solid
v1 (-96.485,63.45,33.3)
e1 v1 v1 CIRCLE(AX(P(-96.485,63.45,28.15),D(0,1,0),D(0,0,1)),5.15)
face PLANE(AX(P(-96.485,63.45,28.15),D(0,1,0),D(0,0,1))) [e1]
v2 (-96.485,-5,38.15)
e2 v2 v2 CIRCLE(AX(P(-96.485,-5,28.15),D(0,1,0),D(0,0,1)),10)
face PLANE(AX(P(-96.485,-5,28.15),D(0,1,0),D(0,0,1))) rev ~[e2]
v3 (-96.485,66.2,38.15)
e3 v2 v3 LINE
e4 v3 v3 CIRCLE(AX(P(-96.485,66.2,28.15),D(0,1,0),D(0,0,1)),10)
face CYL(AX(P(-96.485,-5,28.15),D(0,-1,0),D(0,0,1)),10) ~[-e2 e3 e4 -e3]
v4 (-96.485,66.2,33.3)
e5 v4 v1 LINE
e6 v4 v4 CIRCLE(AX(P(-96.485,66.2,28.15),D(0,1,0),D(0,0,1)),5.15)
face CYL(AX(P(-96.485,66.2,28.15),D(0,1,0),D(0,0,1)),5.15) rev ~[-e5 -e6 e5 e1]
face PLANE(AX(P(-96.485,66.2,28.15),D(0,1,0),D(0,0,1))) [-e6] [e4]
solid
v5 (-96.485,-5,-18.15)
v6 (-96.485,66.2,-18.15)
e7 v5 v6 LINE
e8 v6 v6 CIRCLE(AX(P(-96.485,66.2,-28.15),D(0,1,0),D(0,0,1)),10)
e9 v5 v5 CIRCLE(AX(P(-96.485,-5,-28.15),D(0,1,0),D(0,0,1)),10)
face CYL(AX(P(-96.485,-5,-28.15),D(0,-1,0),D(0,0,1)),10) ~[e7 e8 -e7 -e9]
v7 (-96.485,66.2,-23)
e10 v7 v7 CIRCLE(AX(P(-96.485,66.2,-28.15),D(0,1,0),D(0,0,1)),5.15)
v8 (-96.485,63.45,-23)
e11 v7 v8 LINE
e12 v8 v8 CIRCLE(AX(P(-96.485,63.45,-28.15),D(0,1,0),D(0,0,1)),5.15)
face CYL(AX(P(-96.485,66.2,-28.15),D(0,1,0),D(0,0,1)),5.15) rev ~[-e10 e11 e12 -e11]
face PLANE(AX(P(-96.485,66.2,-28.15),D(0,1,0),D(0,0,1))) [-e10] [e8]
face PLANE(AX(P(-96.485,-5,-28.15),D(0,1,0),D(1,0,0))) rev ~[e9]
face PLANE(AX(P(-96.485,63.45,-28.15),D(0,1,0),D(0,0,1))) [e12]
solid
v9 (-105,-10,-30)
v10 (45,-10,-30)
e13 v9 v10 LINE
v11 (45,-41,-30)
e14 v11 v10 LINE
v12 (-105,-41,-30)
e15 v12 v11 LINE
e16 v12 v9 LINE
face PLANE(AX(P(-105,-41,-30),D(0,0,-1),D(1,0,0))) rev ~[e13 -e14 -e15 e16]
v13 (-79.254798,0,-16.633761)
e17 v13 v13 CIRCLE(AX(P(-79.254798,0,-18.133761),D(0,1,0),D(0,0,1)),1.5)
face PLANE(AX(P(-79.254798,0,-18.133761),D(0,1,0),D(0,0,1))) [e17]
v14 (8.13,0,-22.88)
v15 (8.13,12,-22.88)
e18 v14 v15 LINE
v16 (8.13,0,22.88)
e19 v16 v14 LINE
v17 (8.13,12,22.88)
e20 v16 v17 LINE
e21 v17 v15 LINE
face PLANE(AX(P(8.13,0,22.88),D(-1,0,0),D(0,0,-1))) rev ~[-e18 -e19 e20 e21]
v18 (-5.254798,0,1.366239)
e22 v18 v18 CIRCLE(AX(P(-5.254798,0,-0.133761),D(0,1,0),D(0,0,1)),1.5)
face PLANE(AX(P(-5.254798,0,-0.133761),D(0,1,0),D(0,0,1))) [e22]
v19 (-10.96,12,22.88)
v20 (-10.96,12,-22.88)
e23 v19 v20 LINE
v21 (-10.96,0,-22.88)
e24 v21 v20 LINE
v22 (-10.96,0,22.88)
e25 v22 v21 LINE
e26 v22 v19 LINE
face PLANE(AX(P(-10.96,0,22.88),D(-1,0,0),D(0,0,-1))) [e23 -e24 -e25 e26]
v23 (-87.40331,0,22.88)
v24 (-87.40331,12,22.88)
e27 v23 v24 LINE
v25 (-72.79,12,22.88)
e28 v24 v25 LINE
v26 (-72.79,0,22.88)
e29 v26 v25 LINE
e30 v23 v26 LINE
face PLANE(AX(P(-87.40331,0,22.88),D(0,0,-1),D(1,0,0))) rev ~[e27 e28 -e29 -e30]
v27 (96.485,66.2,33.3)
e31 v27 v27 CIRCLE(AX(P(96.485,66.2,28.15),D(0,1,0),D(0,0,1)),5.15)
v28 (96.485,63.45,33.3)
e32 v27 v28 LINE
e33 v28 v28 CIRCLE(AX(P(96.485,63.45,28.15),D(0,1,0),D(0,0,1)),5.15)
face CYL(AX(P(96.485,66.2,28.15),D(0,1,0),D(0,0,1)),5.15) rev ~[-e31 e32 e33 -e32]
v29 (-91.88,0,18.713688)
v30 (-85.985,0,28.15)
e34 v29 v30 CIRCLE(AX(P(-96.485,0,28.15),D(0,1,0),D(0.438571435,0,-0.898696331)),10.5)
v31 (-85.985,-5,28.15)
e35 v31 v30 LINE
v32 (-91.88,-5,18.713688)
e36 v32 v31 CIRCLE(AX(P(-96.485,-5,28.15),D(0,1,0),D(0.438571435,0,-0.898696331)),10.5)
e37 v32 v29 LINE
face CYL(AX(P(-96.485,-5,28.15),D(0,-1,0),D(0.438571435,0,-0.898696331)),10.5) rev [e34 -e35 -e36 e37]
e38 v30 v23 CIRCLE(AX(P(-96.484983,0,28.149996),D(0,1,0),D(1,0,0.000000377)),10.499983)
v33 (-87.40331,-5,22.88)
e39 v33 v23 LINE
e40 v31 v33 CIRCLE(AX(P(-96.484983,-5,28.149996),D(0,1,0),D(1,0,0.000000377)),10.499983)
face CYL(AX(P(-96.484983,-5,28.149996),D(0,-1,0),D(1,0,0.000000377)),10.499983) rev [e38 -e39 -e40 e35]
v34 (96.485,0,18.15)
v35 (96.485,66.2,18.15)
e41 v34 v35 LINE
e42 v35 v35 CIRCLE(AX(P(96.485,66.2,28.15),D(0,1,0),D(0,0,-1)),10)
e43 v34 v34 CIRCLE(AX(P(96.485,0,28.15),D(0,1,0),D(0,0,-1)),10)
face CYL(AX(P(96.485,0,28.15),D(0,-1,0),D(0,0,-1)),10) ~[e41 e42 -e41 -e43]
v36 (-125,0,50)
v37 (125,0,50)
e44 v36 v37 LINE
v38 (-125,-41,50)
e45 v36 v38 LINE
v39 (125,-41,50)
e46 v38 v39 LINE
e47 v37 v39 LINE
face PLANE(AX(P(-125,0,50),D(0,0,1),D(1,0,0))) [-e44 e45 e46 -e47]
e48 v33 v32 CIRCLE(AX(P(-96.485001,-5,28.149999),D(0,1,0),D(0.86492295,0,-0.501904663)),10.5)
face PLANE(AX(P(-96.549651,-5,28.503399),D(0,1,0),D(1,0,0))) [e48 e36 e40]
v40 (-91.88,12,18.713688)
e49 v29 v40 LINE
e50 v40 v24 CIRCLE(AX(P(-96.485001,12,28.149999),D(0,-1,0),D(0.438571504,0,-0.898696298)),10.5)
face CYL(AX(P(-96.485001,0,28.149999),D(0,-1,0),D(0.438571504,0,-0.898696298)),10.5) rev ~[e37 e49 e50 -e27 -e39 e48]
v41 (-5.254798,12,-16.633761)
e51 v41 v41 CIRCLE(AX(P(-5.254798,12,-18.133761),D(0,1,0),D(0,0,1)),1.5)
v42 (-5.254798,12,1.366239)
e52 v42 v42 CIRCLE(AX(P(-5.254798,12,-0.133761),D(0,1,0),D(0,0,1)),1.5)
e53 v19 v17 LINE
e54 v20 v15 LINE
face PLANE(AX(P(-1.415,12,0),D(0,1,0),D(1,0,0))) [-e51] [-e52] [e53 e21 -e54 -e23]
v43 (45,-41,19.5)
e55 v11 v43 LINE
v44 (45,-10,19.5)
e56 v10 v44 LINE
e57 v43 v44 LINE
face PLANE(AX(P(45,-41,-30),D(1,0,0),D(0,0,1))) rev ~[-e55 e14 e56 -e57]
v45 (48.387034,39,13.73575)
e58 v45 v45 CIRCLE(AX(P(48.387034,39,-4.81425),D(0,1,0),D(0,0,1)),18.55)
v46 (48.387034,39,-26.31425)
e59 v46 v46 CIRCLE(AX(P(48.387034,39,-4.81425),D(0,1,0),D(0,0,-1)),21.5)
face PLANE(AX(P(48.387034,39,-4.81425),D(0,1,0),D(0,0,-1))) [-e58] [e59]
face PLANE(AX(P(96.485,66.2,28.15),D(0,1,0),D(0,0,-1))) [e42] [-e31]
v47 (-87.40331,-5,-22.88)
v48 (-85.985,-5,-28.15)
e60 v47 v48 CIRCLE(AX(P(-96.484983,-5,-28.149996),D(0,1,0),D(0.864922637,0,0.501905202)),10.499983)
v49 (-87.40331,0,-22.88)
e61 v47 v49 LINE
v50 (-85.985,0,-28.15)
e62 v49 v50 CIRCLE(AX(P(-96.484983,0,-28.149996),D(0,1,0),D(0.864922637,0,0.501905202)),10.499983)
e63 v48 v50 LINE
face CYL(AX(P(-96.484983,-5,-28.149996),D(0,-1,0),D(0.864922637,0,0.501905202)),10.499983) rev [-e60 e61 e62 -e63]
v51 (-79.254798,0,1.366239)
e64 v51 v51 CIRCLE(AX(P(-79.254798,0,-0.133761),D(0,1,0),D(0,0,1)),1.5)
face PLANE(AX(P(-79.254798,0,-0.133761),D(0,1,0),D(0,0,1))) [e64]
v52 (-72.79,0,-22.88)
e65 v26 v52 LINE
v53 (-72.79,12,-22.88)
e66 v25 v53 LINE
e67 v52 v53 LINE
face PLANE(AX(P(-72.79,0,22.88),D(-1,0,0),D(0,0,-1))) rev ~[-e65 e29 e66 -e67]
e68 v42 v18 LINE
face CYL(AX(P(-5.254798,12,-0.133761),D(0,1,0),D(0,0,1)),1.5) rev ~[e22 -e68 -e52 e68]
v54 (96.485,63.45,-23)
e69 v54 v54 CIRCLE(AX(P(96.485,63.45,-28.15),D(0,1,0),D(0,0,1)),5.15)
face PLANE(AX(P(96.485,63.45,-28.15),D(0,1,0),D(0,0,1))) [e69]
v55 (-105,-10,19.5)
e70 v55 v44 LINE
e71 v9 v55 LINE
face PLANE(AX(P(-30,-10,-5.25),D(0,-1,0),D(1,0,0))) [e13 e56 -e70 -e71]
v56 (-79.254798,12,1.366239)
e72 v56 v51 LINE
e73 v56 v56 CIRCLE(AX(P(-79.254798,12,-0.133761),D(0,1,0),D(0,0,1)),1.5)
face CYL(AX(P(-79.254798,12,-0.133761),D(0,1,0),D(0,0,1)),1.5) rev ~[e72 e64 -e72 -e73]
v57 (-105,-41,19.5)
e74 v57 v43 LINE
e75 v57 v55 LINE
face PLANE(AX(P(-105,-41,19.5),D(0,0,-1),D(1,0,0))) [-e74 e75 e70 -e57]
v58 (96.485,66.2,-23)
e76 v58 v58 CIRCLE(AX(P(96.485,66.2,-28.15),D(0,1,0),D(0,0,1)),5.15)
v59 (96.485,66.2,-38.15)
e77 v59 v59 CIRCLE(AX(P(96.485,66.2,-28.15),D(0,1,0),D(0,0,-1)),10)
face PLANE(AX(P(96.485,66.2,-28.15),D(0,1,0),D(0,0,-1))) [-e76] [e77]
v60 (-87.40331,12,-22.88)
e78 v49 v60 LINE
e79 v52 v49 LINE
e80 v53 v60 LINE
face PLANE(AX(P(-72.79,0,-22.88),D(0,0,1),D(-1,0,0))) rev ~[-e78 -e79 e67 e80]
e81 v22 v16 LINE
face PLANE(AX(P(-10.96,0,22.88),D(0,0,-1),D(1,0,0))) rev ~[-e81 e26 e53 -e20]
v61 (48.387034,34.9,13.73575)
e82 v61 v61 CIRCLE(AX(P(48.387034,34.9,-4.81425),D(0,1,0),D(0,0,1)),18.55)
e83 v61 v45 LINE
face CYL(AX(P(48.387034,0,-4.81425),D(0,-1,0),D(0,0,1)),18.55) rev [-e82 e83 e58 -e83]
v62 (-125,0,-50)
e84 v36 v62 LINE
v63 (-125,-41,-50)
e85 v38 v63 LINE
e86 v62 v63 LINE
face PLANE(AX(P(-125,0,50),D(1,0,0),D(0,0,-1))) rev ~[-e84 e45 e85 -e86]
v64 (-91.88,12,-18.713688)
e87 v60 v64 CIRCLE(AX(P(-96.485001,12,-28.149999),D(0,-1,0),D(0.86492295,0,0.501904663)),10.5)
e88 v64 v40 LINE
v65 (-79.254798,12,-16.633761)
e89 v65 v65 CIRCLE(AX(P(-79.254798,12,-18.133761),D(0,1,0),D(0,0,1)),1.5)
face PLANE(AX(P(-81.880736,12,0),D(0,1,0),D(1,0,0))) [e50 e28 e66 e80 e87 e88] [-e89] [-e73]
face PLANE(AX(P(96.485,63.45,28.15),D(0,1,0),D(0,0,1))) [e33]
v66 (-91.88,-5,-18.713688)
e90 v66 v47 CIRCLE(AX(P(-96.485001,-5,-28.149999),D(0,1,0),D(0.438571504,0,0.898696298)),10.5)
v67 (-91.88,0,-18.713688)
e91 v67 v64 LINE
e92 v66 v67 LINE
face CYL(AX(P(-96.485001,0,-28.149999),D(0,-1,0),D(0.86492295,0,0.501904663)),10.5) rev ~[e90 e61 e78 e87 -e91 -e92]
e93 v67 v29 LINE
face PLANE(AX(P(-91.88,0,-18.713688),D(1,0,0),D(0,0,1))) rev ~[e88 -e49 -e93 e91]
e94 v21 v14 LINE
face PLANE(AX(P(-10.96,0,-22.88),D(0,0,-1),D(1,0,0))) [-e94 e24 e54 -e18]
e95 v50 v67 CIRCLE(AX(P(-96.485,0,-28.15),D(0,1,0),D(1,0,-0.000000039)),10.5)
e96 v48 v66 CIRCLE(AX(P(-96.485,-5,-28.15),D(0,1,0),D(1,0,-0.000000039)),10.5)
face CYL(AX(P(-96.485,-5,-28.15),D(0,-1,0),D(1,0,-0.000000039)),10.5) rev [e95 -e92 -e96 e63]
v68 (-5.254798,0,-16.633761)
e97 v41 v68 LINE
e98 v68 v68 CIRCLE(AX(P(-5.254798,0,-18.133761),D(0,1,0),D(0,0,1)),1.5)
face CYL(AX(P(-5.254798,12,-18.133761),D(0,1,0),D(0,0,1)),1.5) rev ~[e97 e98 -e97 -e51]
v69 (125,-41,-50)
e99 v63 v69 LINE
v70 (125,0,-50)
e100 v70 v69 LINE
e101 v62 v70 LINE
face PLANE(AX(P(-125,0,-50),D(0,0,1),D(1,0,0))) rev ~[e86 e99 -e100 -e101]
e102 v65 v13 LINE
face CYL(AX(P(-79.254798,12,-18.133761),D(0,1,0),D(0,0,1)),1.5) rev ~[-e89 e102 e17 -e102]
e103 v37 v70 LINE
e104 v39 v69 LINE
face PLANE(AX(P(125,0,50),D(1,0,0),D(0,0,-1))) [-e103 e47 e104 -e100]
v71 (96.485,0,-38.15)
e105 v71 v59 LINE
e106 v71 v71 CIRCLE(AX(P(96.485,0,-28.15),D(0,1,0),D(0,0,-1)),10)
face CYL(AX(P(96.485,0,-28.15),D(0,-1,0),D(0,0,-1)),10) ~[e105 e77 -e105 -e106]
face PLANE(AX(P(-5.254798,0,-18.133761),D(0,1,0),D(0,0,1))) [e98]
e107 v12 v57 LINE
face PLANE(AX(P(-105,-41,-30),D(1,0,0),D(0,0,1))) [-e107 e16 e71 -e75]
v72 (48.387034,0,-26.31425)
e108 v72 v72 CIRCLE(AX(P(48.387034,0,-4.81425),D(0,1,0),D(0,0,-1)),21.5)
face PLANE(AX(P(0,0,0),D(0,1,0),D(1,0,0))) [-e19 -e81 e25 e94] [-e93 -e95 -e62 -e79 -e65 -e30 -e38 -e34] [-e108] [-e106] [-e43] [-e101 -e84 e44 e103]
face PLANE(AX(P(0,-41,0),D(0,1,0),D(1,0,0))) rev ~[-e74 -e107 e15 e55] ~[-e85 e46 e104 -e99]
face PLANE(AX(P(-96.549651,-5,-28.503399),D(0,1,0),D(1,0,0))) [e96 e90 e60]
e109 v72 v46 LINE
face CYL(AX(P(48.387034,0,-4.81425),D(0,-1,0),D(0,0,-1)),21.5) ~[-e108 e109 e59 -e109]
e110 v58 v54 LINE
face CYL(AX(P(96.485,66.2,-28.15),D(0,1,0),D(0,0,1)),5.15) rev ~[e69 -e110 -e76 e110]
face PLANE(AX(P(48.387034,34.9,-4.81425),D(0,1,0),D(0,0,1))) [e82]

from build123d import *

# Parameters (mm, degrees)
SKETCH1_W                = 250
SKETCH1_H                = 100
BOSS_EXTRUDE1_DEPTH      = 41
SKETCH1_4_W              = 19.09
SKETCH1_4_H              = 45.76
BOSS_EXTRUDE2_DEPTH      = 12
SKETCH1_5_R              = 21.5
SKETCH1_5_R_2            = 18.55
BOSS_EXTRUDE3_DEPTH      = 39
SKETCH1_6_R              = 18.55
BOSS_EXTRUDE4_DEPTH      = 34.9
CUT_EXTRUDE1_START       = -5
SKETCH1_9_R              = 10
SKETCH1_9_R_2            = 5.15
CUT_EXTRUDE1_DEPTH       = 5
SKETCH1_10_R             = 10
SKETCH1_10_R_2           = 5.15
BOSS_EXTRUDE7_DEPTH      = 66.2
BOSS_EXTRUDE8_DEPTH      = 66.2
BOSS_EXTRUDE8_DEPTH_BACK = 5
SKETCH1_11_R             = 10
SKETCH1_11_R_2           = 5.15
CUT_EXTRUDE2_START       = 66.2
SKETCH1_12_R             = 5.15
CUT_EXTRUDE2_DEPTH       = 2.75
SKETCH3_R                = 1.5
CUT_EXTRUDE3_DEPTH       = 12
SKETCH4_W                = 150
SKETCH4_H                = 49.5
CUT_EXTRUDE4_DEPTH       = 31


with BuildPart() as part:
    # Sketch1 → Boss-Extrude1 (new body)
    with BuildSketch(Plane(origin=(0, 0, 0), x_dir=(1, 0, 0), z_dir=(0, 1, 0))):
        Rectangle(SKETCH1_W, SKETCH1_H)
    extrude(amount=-BOSS_EXTRUDE1_DEPTH)

    # Sketch1<4> → Boss-Extrude2 (add)
    with BuildSketch(Plane(origin=(0, 0, 0), x_dir=(1, 0, 0), z_dir=(0, 1, 0))):
        with BuildLine():
            Line((-72.79, 22.88), (-87.40331, 22.88))
            ThreePointArc((-87.40331, 22.88), (-89.331615, 20.463708), (-91.88, 18.713688))
            Line((-91.88, 18.713688), (-91.88, -18.713688))
            ThreePointArc((-91.88, -18.713688), (-89.331615, -20.463708), (-87.40331, -22.88))
            Line((-87.40331, -22.88), (-72.79, -22.88))
            Line((-72.79, -22.88), (-72.79, 22.88))
        make_face()
        with Locations((-1.415, 0)):
            Rectangle(SKETCH1_4_W, SKETCH1_4_H)
    extrude(amount=BOSS_EXTRUDE2_DEPTH)

    # Sketch1<5> → Boss-Extrude3 (add)
    with BuildSketch(Plane(origin=(0, 0, 0), x_dir=(1, 0, 0), z_dir=(0, 1, 0))):
        with Locations(Location((48.387034, 4.81425, 0), (0, 0, 90))):
            Circle(SKETCH1_5_R)
        with Locations(Location((48.387034, 4.81425, 0), (0, 0, 270))):
            Circle(SKETCH1_5_R_2, mode=Mode.SUBTRACT)
    extrude(amount=BOSS_EXTRUDE3_DEPTH)

    # Sketch1<6> → Boss-Extrude4 (add)
    with BuildSketch(Plane(origin=(0, 0, 0), x_dir=(1, 0, 0), z_dir=(0, 1, 0))):
        with Locations(Location((48.387034, 4.81425, 0), (0, 0, 270))):
            Circle(SKETCH1_6_R)
    extrude(amount=BOSS_EXTRUDE4_DEPTH)

    # Sketch1<9> → Cut-Extrude1 (cut)
    # profile 1 of 12: a face of its own
    with BuildSketch(Plane(origin=(0, 0, 0), x_dir=(1, 0, 0), z_dir=(0, 1, 0)).offset(CUT_EXTRUDE1_START)):
        with BuildLine():
            ThreePointArc((-87.40331, -22.88), (-89.331615, -20.463708), (-91.88, -18.713688))
            Line((-91.88, -18.713688), (-91.88, -19.273403))
            ThreePointArc((-91.88, -19.273403), (-89.689537, -20.813674), (-87.986347, -22.88))
            Line((-87.986347, -22.88), (-87.40331, -22.88))
        make_face()
    # profile 2 of 12: a face of its own
    with BuildSketch(Plane(origin=(0, 0, 0), x_dir=(1, 0, 0), z_dir=(0, 1, 0)).offset(CUT_EXTRUDE1_START)):
        with BuildLine():
            Line((-91.88, -19.273403), (-91.88, -18.713688))
            ThreePointArc((-91.88, -18.713688), (-105.390125, -33.71316), (-85.985, -28.15))
            ThreePointArc((-85.985, -28.15), (-86.345775, -25.421241), (-87.40331, -22.88))
            Line((-87.40331, -22.88), (-87.986347, -22.88))
            ThreePointArc((-87.986347, -22.88), (-86.867658, -25.410158), (-86.485, -28.15))
            ThreePointArc((-86.485, -28.15), (-105.030467, -33.343746), (-91.88, -19.273403))
        make_face()
    # profile 3 of 12: a face of its own
    with BuildSketch(Plane(origin=(0, 0, 0), x_dir=(1, 0, 0), z_dir=(0, 1, 0)).offset(CUT_EXTRUDE1_START)):
        with Locations((-96.485, -28.15)):
            Circle(SKETCH1_9_R)
        with Locations((-96.485, -28.15)):
            Circle(SKETCH1_9_R_2, mode=Mode.SUBTRACT)
    # profile 4 of 12: a face of its own
    with BuildSketch(Plane(origin=(0, 0, 0), x_dir=(1, 0, 0), z_dir=(0, 1, 0)).offset(CUT_EXTRUDE1_START)):
        with Locations((-96.485, -28.15)):
            Circle(SKETCH1_9_R_2)
    # profile 5 of 12: a face of its own
    with BuildSketch(Plane(origin=(0, 0, 0), x_dir=(1, 0, 0), z_dir=(0, 1, 0)).offset(CUT_EXTRUDE1_START)):
        with BuildLine():
            ThreePointArc((-86.485, 28.15), (-86.867658, 25.410158), (-87.986347, 22.88))
            Line((-87.986347, 22.88), (-87.40331, 22.88))
            ThreePointArc((-87.40331, 22.88), (-86.345775, 25.421241), (-85.985, 28.15))
            ThreePointArc((-85.985, 28.15), (-105.390125, 33.71316), (-91.88, 18.713688))
            Line((-91.88, 18.713688), (-91.88, 19.273403))
            ThreePointArc((-91.88, 19.273403), (-105.030467, 33.343746), (-86.485, 28.15))
        make_face()
    # profile 6 of 12: a face of its own
    with BuildSketch(Plane(origin=(0, 0, 0), x_dir=(1, 0, 0), z_dir=(0, 1, 0)).offset(CUT_EXTRUDE1_START)):
        with BuildLine():
            Line((-87.40331, 22.88), (-87.986347, 22.88))
            ThreePointArc((-87.986347, 22.88), (-89.689537, 20.813674), (-91.88, 19.273403))
            Line((-91.88, 19.273403), (-91.88, 18.713688))
            ThreePointArc((-91.88, 18.713688), (-89.331615, 20.463708), (-87.40331, 22.88))
        make_face()
    # profile 7 of 12: a face of its own
    with BuildSketch(Plane(origin=(0, 0, 0), x_dir=(1, 0, 0), z_dir=(0, 1, 0)).offset(CUT_EXTRUDE1_START)):
        with Locations((-96.485, 28.15)):
            Circle(SKETCH1_9_R)
        with Locations((-96.485, 28.15)):
            Circle(SKETCH1_9_R_2, mode=Mode.SUBTRACT)
    # profile 8 of 12: a face of its own
    with BuildSketch(Plane(origin=(0, 0, 0), x_dir=(1, 0, 0), z_dir=(0, 1, 0)).offset(CUT_EXTRUDE1_START)):
        with Locations((-96.485, 28.15)):
            Circle(SKETCH1_9_R_2)
    # profile 9 of 12: a face of its own
    with BuildSketch(Plane(origin=(0, 0, 0), x_dir=(1, 0, 0), z_dir=(0, 1, 0)).offset(CUT_EXTRUDE1_START)):
        with BuildLine():
            ThreePointArc((-87.40331, -22.88), (-89.331615, -20.463708), (-91.88, -18.713688))
            Line((-91.88, -18.713688), (-91.88, -19.273403))
            ThreePointArc((-91.88, -19.273403), (-89.689537, -20.813674), (-87.986347, -22.88))
            Line((-87.986347, -22.88), (-87.40331, -22.88))
        make_face()
    # profile 10 of 12: a face of its own
    with BuildSketch(Plane(origin=(0, 0, 0), x_dir=(1, 0, 0), z_dir=(0, 1, 0)).offset(CUT_EXTRUDE1_START)):
        with BuildLine():
            Line((-91.88, -19.273403), (-91.88, -18.713688))
            ThreePointArc((-91.88, -18.713688), (-105.390125, -33.71316), (-85.985, -28.15))
            ThreePointArc((-85.985, -28.15), (-86.345775, -25.421241), (-87.40331, -22.88))
            Line((-87.40331, -22.88), (-87.986347, -22.88))
            ThreePointArc((-87.986347, -22.88), (-86.867658, -25.410158), (-86.485, -28.15))
            ThreePointArc((-86.485, -28.15), (-105.030467, -33.343746), (-91.88, -19.273403))
        make_face()
    # profile 11 of 12: a face of its own
    with BuildSketch(Plane(origin=(0, 0, 0), x_dir=(1, 0, 0), z_dir=(0, 1, 0)).offset(CUT_EXTRUDE1_START)):
        with BuildLine():
            ThreePointArc((-86.485, 28.15), (-86.867658, 25.410158), (-87.986347, 22.88))
            Line((-87.986347, 22.88), (-87.40331, 22.88))
            ThreePointArc((-87.40331, 22.88), (-86.345775, 25.421241), (-85.985, 28.15))
            ThreePointArc((-85.985, 28.15), (-105.390125, 33.71316), (-91.88, 18.713688))
            Line((-91.88, 18.713688), (-91.88, 19.273403))
            ThreePointArc((-91.88, 19.273403), (-105.030467, 33.343746), (-86.485, 28.15))
        make_face()
    # profile 12 of 12: a face of its own
    with BuildSketch(Plane(origin=(0, 0, 0), x_dir=(1, 0, 0), z_dir=(0, 1, 0)).offset(CUT_EXTRUDE1_START)):
        with BuildLine():
            Line((-87.40331, 22.88), (-87.986347, 22.88))
            ThreePointArc((-87.986347, 22.88), (-89.689537, 20.813674), (-91.88, 19.273403))
            Line((-91.88, 19.273403), (-91.88, 18.713688))
            ThreePointArc((-91.88, 18.713688), (-89.331615, 20.463708), (-87.40331, 22.88))
        make_face()
    extrude(amount=CUT_EXTRUDE1_DEPTH, mode=Mode.SUBTRACT)

    # Sketch1<10> → Boss-Extrude7 (add)
    # profile 1 of 4: a face of its own
    with BuildSketch(Plane(origin=(0, 0, 0), x_dir=(1, 0, 0), z_dir=(0, 1, 0))):
        with Locations(Location((96.485, -28.15, 0), (0, 0, 90))):
            Circle(SKETCH1_10_R)
        with Locations((96.485, -28.15)):
            Circle(SKETCH1_10_R_2, mode=Mode.SUBTRACT)
    # profile 2 of 4: a face of its own
    with BuildSketch(Plane(origin=(0, 0, 0), x_dir=(1, 0, 0), z_dir=(0, 1, 0))):
        with Locations((96.485, -28.15)):
            Circle(SKETCH1_10_R_2)
    # profile 3 of 4: a face of its own
    with BuildSketch(Plane(origin=(0, 0, 0), x_dir=(1, 0, 0), z_dir=(0, 1, 0))):
        with Locations(Location((96.485, 28.15, 0), (0, 0, 90))):
            Circle(SKETCH1_10_R)
        with Locations((96.485, 28.15)):
            Circle(SKETCH1_10_R_2, mode=Mode.SUBTRACT)
    # profile 4 of 4: a face of its own
    with BuildSketch(Plane(origin=(0, 0, 0), x_dir=(1, 0, 0), z_dir=(0, 1, 0))):
        with Locations((96.485, 28.15)):
            Circle(SKETCH1_10_R_2)
    extrude(amount=BOSS_EXTRUDE7_DEPTH)


with BuildPart() as body_2:
    # Sketch1<11> → Boss-Extrude8 (new, two sides: drawn at the far end of the back side and taken through both)
    # profile 1 of 4: a face of its own
    with BuildSketch(Plane(origin=(0, 0, 0), x_dir=(1, 0, 0), z_dir=(0, 1, 0)).offset(-BOSS_EXTRUDE8_DEPTH_BACK)):
        with Locations(Location((-96.485, -28.15, 0), (0, 0, 270))):
            Circle(SKETCH1_11_R)
        with Locations((-96.485, -28.15)):
            Circle(SKETCH1_11_R_2, mode=Mode.SUBTRACT)
    # profile 2 of 4: a face of its own
    with BuildSketch(Plane(origin=(0, 0, 0), x_dir=(1, 0, 0), z_dir=(0, 1, 0)).offset(-BOSS_EXTRUDE8_DEPTH_BACK)):
        with Locations((-96.485, -28.15)):
            Circle(SKETCH1_11_R_2)
    # profile 3 of 4: a face of its own
    with BuildSketch(Plane(origin=(0, 0, 0), x_dir=(1, 0, 0), z_dir=(0, 1, 0)).offset(-BOSS_EXTRUDE8_DEPTH_BACK)):
        with Locations(Location((-96.485, 28.15, 0), (0, 0, 270))):
            Circle(SKETCH1_11_R)
        with Locations((-96.485, 28.15)):
            Circle(SKETCH1_11_R_2, mode=Mode.SUBTRACT)
    # profile 4 of 4: a face of its own
    with BuildSketch(Plane(origin=(0, 0, 0), x_dir=(1, 0, 0), z_dir=(0, 1, 0)).offset(-BOSS_EXTRUDE8_DEPTH_BACK)):
        with Locations((-96.485, 28.15)):
            Circle(SKETCH1_11_R_2)
    extrude(amount=BOSS_EXTRUDE8_DEPTH + BOSS_EXTRUDE8_DEPTH_BACK)


with BuildPart() as cut_extrude2_tool:
    # Sketch1<12> → Cut-Extrude2 (new body)
    with BuildSketch(Plane(origin=(0, 0, 0), x_dir=(1, 0, 0), z_dir=(0, 1, 0)).offset(CUT_EXTRUDE2_START)):
        with Locations(Location((-96.485, 28.15, 0), (0, 0, 270))):
            Circle(SKETCH1_12_R)
        with Locations(Location((-96.485, -28.15, 0), (0, 0, 270))):
            Circle(SKETCH1_12_R)
        with Locations(Location((96.485, 28.15, 0), (0, 0, 270))):
            Circle(SKETCH1_12_R)
        with Locations(Location((96.485, -28.15, 0), (0, 0, 270))):
            Circle(SKETCH1_12_R)
    extrude(amount=-CUT_EXTRUDE2_DEPTH)


with BuildPart() as part_1:
    add(part.part)

    # Cut-Extrude2: cut by cut_extrude2_tool
    add(cut_extrude2_tool.part, mode=Mode.SUBTRACT)

    # Sketch3 → Cut-Extrude3 (cut)
    with BuildSketch(Plane(origin=(0, 12, 0), x_dir=(1, 0, 0), z_dir=(0, 1, 0))):
        with Locations(Location((-79.254798, 18.133761, 0), (0, 0, 270))):
            Circle(SKETCH3_R)
        with Locations(Location((-79.254798, 0.133761, 0), (0, 0, 270))):
            Circle(SKETCH3_R)
        with Locations(Location((-5.254798, 18.133761, 0), (0, 0, 270))):
            Circle(SKETCH3_R)
        with Locations(Location((-5.254798, 0.133761, 0), (0, 0, 270))):
            Circle(SKETCH3_R)
    extrude(amount=-CUT_EXTRUDE3_DEPTH, mode=Mode.SUBTRACT)

    # Sketch4 → Cut-Extrude4 (cut)
    with BuildSketch(Plane.XZ.offset(41)):
        with Locations((-30, -5.25)):
            Rectangle(SKETCH4_W, SKETCH4_H)
    extrude(amount=-CUT_EXTRUDE4_DEPTH, mode=Mode.SUBTRACT)


with BuildPart() as body_2_1:
    add(body_2.part)

    # Cut-Extrude2: cut by cut_extrude2_tool
    add(cut_extrude2_tool.part, mode=Mode.SUBTRACT)


solid = Compound([part_1.part, body_2_1.part])
